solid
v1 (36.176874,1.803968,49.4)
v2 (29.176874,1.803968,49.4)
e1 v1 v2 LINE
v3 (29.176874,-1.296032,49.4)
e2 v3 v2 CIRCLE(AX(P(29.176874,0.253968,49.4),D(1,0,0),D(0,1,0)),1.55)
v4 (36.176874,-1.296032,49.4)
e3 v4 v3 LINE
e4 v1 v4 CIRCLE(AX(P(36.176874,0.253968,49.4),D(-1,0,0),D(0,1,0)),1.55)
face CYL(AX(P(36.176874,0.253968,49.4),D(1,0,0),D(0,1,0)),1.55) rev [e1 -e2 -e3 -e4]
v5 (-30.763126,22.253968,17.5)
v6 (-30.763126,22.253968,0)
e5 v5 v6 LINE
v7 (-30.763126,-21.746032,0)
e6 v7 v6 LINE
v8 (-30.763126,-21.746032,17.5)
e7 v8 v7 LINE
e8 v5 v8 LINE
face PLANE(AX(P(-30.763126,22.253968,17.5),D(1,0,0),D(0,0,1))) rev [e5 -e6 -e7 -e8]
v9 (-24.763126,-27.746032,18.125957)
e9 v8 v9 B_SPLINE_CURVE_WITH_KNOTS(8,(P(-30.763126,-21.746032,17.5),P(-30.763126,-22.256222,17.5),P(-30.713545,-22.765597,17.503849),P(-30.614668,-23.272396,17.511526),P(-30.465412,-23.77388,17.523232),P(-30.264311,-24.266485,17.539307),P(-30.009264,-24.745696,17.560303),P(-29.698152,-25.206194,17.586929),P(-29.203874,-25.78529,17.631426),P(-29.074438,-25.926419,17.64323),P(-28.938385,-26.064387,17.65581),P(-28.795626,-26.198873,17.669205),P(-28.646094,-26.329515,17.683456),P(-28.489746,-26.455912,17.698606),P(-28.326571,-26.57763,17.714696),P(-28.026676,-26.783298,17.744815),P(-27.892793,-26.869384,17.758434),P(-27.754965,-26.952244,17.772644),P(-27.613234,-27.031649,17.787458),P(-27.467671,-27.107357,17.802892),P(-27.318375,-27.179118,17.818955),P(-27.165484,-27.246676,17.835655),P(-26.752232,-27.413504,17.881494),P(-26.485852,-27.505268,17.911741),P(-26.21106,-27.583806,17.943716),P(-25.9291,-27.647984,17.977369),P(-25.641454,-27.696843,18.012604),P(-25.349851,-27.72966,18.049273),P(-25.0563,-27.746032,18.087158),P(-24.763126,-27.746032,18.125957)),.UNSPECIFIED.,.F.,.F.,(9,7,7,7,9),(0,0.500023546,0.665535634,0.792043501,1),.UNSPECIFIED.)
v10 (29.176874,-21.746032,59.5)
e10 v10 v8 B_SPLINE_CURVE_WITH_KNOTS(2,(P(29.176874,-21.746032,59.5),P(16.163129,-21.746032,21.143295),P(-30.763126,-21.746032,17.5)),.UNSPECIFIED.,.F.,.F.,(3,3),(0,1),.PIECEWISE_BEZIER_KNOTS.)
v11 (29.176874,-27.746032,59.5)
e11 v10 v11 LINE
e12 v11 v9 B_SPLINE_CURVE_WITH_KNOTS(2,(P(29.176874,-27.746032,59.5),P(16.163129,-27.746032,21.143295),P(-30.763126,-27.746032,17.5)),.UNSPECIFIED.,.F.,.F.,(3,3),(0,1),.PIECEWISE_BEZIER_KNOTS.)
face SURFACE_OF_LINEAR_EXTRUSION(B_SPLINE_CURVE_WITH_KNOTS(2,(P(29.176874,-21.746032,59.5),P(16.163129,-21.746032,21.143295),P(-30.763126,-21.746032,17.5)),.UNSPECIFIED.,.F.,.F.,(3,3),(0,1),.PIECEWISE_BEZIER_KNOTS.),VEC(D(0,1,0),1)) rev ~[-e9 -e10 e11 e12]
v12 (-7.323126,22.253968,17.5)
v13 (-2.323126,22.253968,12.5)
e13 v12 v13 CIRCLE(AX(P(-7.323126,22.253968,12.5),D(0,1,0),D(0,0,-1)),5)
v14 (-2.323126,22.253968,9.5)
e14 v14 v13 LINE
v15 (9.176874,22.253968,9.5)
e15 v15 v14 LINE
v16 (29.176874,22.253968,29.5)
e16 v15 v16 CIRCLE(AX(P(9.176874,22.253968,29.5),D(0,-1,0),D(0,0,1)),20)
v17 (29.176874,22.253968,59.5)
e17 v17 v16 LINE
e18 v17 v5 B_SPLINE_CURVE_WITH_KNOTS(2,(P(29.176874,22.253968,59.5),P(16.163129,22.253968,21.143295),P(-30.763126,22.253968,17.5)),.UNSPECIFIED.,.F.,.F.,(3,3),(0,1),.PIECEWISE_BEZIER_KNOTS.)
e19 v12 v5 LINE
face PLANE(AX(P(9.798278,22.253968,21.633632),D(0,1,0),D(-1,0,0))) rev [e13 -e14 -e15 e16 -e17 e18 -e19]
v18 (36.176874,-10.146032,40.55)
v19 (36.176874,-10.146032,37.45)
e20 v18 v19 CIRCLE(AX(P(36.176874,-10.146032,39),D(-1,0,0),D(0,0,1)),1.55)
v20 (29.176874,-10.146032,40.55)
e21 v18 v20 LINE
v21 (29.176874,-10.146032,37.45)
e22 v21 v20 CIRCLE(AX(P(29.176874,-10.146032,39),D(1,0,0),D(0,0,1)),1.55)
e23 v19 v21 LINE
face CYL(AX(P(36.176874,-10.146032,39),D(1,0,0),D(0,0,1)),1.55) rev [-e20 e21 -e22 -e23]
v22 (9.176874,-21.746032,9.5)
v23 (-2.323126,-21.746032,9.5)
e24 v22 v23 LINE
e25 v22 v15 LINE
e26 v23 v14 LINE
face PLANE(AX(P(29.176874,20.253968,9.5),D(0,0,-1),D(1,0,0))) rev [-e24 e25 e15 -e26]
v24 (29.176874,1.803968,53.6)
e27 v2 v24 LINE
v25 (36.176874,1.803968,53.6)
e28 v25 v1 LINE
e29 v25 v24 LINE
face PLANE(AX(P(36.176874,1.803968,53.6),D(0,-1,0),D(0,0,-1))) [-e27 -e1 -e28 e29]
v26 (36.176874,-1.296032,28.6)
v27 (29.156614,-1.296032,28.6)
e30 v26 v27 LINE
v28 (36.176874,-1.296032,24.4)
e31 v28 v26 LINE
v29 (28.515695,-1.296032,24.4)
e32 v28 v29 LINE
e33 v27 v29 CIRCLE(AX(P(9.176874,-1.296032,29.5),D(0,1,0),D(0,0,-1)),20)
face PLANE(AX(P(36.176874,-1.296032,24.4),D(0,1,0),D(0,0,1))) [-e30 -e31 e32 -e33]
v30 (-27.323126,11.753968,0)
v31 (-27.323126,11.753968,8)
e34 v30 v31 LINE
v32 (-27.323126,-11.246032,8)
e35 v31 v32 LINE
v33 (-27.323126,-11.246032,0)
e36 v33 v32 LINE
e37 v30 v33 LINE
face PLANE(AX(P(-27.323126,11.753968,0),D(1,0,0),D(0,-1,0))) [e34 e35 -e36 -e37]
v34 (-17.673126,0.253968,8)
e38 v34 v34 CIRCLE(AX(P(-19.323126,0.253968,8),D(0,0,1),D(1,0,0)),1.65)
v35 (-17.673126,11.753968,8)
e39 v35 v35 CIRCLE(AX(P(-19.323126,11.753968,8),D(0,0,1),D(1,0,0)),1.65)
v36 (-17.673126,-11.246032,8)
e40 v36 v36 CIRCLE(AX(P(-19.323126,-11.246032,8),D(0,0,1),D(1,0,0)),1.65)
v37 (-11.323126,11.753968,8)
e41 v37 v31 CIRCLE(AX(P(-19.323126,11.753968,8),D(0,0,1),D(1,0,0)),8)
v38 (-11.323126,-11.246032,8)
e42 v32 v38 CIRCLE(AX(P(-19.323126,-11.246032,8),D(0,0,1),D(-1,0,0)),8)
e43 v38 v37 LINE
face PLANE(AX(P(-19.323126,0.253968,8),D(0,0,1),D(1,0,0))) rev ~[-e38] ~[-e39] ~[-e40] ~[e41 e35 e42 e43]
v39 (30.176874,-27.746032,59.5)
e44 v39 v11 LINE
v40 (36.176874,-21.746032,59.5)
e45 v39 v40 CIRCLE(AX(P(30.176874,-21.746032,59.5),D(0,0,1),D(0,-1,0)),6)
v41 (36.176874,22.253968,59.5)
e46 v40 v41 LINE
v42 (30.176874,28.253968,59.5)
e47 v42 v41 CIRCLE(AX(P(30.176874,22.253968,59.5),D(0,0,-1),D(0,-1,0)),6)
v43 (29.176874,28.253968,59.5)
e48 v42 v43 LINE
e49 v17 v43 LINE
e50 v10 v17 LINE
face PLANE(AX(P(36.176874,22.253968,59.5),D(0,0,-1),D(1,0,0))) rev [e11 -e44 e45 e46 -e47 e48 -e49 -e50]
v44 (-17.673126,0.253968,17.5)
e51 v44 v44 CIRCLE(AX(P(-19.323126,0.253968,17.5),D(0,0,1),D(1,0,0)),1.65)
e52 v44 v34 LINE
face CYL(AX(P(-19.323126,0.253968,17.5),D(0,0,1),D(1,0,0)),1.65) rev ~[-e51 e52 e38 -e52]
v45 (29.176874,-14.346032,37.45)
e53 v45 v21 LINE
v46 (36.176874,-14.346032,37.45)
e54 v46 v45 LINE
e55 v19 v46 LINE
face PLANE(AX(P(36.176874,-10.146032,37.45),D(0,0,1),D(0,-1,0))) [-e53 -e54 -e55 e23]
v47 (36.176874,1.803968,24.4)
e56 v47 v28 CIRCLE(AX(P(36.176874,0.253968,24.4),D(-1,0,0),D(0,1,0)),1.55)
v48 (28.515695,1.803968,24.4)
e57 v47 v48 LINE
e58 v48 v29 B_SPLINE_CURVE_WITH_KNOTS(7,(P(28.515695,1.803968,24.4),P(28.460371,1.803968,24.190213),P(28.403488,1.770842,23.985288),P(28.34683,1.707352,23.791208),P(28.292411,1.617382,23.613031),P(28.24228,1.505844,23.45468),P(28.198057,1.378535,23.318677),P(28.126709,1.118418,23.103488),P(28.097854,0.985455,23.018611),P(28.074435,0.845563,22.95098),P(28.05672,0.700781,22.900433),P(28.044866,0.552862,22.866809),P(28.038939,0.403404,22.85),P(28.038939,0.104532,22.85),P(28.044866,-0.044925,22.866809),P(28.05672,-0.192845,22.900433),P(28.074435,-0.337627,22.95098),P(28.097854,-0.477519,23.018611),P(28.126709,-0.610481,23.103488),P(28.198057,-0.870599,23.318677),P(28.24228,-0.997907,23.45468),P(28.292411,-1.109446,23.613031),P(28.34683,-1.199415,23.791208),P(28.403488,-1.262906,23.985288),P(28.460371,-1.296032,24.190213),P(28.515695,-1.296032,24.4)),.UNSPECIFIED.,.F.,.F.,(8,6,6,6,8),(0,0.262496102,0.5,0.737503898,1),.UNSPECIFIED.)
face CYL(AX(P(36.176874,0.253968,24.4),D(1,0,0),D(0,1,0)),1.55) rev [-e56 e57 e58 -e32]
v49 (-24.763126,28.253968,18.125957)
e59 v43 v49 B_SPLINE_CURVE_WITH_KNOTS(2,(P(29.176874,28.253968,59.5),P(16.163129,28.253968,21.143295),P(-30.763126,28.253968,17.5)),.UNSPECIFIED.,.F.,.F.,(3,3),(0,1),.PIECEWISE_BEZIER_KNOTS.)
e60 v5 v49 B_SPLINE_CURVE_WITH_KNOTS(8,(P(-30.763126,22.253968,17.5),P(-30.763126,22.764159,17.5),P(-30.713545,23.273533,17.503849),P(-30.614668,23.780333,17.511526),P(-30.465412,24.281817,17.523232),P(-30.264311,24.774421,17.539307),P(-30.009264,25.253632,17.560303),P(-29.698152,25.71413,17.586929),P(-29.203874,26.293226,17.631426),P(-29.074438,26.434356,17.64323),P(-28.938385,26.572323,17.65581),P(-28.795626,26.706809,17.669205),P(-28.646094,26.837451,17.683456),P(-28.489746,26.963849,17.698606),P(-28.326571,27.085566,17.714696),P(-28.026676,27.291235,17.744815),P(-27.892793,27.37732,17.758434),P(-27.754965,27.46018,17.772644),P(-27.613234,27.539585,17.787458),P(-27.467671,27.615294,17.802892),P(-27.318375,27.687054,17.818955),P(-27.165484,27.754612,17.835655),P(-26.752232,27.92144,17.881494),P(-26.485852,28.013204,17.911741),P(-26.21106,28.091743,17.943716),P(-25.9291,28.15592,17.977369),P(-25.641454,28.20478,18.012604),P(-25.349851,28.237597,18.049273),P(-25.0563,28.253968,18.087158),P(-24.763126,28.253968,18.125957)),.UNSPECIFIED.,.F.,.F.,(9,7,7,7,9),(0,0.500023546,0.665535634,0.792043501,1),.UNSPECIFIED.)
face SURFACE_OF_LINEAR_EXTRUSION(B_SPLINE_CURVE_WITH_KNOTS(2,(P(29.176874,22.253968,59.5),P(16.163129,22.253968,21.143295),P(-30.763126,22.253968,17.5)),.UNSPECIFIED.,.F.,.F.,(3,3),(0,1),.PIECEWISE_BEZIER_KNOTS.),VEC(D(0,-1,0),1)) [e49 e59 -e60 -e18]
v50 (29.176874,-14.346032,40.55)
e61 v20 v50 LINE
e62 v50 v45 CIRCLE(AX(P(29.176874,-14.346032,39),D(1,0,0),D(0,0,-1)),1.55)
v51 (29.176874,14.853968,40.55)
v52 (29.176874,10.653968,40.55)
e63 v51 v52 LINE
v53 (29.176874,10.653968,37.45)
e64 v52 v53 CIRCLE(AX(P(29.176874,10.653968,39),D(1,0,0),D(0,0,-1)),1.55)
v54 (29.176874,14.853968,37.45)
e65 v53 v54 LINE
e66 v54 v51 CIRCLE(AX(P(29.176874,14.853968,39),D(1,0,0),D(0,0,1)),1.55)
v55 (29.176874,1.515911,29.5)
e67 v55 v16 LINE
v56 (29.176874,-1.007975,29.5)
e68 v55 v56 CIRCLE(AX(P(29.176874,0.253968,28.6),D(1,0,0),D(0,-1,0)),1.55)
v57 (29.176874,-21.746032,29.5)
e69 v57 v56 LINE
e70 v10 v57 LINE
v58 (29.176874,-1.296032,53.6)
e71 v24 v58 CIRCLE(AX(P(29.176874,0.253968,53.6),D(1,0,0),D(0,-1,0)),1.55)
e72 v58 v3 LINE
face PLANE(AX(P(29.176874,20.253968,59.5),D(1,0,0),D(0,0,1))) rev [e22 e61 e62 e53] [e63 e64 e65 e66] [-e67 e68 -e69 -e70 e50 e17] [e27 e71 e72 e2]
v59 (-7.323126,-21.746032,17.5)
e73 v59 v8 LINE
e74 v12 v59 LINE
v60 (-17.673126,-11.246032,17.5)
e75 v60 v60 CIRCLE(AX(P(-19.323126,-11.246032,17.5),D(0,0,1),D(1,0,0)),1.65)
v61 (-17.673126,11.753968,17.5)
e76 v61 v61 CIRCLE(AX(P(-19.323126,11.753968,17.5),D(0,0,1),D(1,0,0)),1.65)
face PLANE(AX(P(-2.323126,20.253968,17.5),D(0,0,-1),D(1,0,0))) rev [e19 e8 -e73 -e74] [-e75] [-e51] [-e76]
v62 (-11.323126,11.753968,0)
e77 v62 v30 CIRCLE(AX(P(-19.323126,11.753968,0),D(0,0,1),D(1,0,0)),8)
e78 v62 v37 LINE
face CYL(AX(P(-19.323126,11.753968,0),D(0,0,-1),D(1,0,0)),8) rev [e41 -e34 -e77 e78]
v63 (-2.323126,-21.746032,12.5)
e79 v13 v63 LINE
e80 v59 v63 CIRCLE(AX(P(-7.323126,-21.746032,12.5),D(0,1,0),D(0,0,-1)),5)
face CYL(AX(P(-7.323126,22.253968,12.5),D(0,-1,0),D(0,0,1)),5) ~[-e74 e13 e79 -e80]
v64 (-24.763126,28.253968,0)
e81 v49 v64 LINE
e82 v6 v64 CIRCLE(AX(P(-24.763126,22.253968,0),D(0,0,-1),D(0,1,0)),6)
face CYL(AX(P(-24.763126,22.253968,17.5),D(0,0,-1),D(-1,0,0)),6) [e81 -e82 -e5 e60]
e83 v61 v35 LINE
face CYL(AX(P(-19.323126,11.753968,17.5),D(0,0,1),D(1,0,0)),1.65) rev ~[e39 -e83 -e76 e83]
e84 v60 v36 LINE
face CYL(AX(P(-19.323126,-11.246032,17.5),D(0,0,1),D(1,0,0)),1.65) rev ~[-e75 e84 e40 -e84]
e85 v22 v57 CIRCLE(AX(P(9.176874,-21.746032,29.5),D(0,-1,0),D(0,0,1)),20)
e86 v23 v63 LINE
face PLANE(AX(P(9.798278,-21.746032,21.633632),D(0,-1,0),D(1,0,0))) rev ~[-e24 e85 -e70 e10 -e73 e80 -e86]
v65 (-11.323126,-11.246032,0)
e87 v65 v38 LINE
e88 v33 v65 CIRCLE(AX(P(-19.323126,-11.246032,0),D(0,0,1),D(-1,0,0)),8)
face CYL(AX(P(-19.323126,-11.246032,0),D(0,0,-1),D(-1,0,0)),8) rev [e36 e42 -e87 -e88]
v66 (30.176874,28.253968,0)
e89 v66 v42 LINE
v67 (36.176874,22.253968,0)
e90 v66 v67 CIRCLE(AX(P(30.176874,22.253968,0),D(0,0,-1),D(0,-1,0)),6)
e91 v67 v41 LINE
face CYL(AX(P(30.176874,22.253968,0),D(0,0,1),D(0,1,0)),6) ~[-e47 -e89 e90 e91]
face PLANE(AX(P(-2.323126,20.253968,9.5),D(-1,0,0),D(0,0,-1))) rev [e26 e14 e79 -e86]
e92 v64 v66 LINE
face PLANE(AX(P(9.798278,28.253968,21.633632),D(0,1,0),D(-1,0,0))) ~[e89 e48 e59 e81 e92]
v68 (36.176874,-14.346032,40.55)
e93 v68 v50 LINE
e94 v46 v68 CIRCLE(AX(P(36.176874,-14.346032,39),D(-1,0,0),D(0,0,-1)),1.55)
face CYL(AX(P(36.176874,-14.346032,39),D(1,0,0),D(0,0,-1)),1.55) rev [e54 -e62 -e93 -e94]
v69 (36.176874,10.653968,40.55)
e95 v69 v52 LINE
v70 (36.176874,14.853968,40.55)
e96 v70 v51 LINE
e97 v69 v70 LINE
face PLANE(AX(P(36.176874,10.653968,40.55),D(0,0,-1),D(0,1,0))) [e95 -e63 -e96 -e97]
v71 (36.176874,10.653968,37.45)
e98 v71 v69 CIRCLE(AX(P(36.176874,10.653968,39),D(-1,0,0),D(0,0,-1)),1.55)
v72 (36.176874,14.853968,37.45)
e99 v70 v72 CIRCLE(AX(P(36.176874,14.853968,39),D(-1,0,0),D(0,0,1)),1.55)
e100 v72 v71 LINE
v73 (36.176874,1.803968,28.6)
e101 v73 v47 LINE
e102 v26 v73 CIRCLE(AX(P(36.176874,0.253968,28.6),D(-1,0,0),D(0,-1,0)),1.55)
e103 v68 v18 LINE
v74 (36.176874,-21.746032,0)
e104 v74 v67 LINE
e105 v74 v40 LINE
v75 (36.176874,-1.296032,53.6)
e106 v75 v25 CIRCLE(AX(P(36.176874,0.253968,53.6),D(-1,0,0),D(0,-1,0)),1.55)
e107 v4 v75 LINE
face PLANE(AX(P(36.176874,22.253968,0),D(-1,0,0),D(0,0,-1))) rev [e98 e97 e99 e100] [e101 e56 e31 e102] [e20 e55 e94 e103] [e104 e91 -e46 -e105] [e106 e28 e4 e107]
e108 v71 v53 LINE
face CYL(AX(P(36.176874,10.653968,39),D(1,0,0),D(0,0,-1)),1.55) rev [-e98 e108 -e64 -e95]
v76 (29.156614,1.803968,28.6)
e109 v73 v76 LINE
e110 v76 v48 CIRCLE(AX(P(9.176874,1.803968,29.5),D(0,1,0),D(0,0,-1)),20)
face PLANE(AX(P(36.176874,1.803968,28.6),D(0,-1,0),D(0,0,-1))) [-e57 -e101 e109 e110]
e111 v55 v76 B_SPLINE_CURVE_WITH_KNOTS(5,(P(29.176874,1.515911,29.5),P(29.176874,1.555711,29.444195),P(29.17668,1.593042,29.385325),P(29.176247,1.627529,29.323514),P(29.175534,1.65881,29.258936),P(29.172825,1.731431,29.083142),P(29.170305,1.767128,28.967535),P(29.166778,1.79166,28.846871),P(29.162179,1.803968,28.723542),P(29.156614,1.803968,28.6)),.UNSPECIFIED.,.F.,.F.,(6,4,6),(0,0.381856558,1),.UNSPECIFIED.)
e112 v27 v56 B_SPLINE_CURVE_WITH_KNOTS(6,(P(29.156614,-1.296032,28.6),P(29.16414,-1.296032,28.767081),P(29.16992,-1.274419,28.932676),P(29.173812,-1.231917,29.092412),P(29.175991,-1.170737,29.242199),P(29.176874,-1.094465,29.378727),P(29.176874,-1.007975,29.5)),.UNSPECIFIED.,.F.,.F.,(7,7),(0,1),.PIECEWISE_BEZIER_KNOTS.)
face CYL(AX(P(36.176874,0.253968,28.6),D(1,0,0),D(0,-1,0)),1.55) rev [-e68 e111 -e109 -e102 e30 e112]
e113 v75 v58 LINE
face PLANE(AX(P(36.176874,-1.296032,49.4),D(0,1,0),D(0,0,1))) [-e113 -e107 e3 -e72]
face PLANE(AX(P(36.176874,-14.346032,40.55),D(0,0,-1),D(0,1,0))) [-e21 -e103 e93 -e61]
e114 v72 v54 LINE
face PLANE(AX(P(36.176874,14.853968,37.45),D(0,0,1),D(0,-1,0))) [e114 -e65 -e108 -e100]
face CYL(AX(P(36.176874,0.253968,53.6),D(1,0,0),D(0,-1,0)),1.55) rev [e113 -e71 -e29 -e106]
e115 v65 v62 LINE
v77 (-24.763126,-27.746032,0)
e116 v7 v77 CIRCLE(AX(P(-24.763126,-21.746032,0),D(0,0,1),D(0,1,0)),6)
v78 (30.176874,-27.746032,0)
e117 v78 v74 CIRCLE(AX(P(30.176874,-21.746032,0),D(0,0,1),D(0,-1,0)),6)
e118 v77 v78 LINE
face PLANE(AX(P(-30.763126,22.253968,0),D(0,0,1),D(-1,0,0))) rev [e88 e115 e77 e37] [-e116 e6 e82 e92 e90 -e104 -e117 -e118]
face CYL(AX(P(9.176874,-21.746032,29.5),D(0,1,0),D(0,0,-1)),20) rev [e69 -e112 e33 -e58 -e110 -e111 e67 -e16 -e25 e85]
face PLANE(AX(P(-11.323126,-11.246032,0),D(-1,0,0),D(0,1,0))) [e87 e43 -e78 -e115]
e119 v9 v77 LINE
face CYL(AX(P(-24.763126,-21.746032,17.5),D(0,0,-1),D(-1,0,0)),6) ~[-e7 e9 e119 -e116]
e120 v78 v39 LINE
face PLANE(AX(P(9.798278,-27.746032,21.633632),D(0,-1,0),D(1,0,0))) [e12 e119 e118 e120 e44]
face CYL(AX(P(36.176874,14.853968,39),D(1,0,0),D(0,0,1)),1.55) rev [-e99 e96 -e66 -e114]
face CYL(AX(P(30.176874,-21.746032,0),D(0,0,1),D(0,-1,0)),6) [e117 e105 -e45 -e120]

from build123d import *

# Parameters (mm, degrees)
ESBO_O1_W                = 66.94
ESBO_O1_H                = 40
RESSALTO_EXTRUS_O1_DEPTH = 9.5
ESBO_O2_W                = 7
ESBO_O2_H                = 40
RESSALTO_EXTRUS_O2_DEPTH = 50
ESBO_O3_W                = 28.44
ESBO_O3_H                = 40
RESSALTO_EXTRUS_O3_DEPTH = 8
RESSALTO_EXTRUS_O4_DEPTH = 2
RESSALTO_EXTRUS_O5_DEPTH = 6
FILETE1_R                = 5
FILETE2_R                = 20
ESBO_O6_R                = 1.65
CORTE_EXTRUS_O1_DEPTH    = 63.217786628
CORTE_EXTRUS_O2_DEPTH    = 8
FILETE4_R                = 6
CORTE_EXTRUS_O3_DEPTH    = 94.912194911


with BuildPart() as part:
    # Esboço1 → Ressalto-extrusão1 (new body)
    with BuildSketch(Plane.XY):
        with Locations((2.706874237, 0.253968254)):
            Rectangle(ESBO_O1_W, ESBO_O1_H)
    extrude(amount=RESSALTO_EXTRUS_O1_DEPTH)

    # Esboço2 → Ressalto-extrusão2 (add)
    with BuildSketch(Plane.XY.offset(9.5)):
        with Locations((32.676874237, 0.253968254)):
            Rectangle(ESBO_O2_W, ESBO_O2_H)
    extrude(amount=RESSALTO_EXTRUS_O2_DEPTH)

    # Esboço3 → Ressalto-extrusão3 (add)
    with BuildSketch(Plane.XY.offset(9.5)):
        with Locations((-16.543125763, 0.253968254)):
            Rectangle(ESBO_O3_W, ESBO_O3_H)
    extrude(amount=RESSALTO_EXTRUS_O3_DEPTH)

    # Esboço4 → Ressalto-extrusão4 (add)
    with BuildSketch(Plane.XZ.offset(19.746031746)):
        Polygon((-2.323125763, 9.5), (-2.323125763, 17.5), (-30.763125763, 17.5), (-30.763125763, 0), (36.176874237, 0), (36.176874237, 59.5), (29.176874237, 59.5), (29.176874237, 9.5), align=None)
    ressalto_extrus_o4 = extrude(amount=RESSALTO_EXTRUS_O4_DEPTH)

    # Espelhar1: Ressalto-extrusão4 across plane
    add(ressalto_extrus_o4.mirror(Plane.ZX.offset(0.253968254)))

    # Esboço5 → Ressalto-extrusão5 (add)
    with BuildSketch(Plane.XZ.offset(21.746031746)):
        with BuildLine():
            Line((36.176874237, 59.5), (29.176874237, 59.5))
            add(Edge.make_bspline(
                [(29.176874237, 59.5), (16.163128622, 21.143295095), (-30.763125763, 17.5)],
                knots=[0, 0, 0, 1, 1, 1], degree=2))
            Line((-30.763125763, 17.5), (-30.763125763, 0))
            Line((-30.763125763, 0), (36.176874237, 0))
            Line((36.176874237, 0), (36.176874237, 59.5))
        make_face()
    ressalto_extrus_o5 = extrude(amount=RESSALTO_EXTRUS_O5_DEPTH)

    # Espelhar2: Ressalto-extrusão5 across plane
    add(ressalto_extrus_o5.mirror(Plane.ZX.offset(0.253968254)))

    # Filete1
    filete1_edges = [part.edges().sort_by_distance(p)[0] for p in [
        (-2.323125763, 0.253968254, 17.5),
    ]]
    fillet(filete1_edges, radius=FILETE1_R)

    # Filete2
    filete2_edges = [part.edges().sort_by_distance(p)[0] for p in [
        (29.176874237, 0.253968254, 9.5),
    ]]
    fillet(filete2_edges, radius=FILETE2_R)

    # Esboço6 → Corte-extrusão1 (cut, through all)
    with BuildSketch(Plane.XY.offset(17.5)):
        with Locations((-19.323125763, 11.753968254)):
            Circle(ESBO_O6_R)
        with Locations((-19.323125763, 0.253968254)):
            Circle(ESBO_O6_R)
        with Locations((-19.323125763, -11.246031746)):
            Circle(ESBO_O6_R)
    extrude(amount=-CORTE_EXTRUS_O1_DEPTH, mode=Mode.SUBTRACT)

    # Esboço7 → Corte-extrusão2 (cut)
    with BuildSketch(Plane(origin=(0, 0, 0), x_dir=(-1, 0, 0), z_dir=(0, 0, -1))):
        with BuildLine():
            Line((27.323125763, 11.753968254), (27.323125763, -11.246031746))
            ThreePointArc((27.323125763, -11.246031746), (19.323125763, -19.246031746), (11.323125763, -11.246031746))
            Line((11.323125763, -11.246031746), (11.323125763, 11.753968254))
            ThreePointArc((11.323125763, 11.753968254), (19.323125763, 19.753968254), (27.323125763, 11.753968254))
        make_face()
    extrude(amount=-CORTE_EXTRUS_O2_DEPTH, mode=Mode.SUBTRACT)

    # Filete4
    filete4_edges = [part.edges().sort_by_distance(p)[0] for p in [
        (36.176874237, 28.253968254, 29.75),
        (-30.763125763, 28.253968254, 8.75),
        (-30.763125763, -27.746031746, 8.75),
        (36.176874237, -27.746031746, 29.75),
    ]]
    fillet(filete4_edges, radius=FILETE4_R)

    # Esboço8 → Corte-extrusão3 (cut, through all)
    with BuildSketch(Plane(origin=(36.176874237, 0, 0), x_dir=(0, 0, -1), z_dir=(1, 0, 0))):
        with BuildLine():
            Line((-53.6, 1.803968254), (-49.4, 1.803968254))
            ThreePointArc((-49.4, 1.803968254), (-47.85, 0.253968254), (-49.4, -1.296031746))
            Line((-49.4, -1.296031746), (-53.6, -1.296031746))
            ThreePointArc((-53.6, -1.296031746), (-55.15, 0.253968254), (-53.6, 1.803968254))
        make_face()
        with BuildLine():
            Line((-40.55, -14.346031746), (-40.55, -10.146031746))
            ThreePointArc((-40.55, -10.146031746), (-39, -8.596031746), (-37.45, -10.146031746))
            Line((-37.45, -10.146031746), (-37.45, -14.346031746))
            ThreePointArc((-37.45, -14.346031746), (-39, -15.896031746), (-40.55, -14.346031746))
        make_face()
        with BuildLine():
            Line((-24.4, -1.296031746), (-28.6, -1.296031746))
            ThreePointArc((-28.6, -1.296031746), (-30.15, 0.253968254), (-28.6, 1.803968254))
            Line((-28.6, 1.803968254), (-24.4, 1.803968254))
            ThreePointArc((-24.4, 1.803968254), (-22.85, 0.253968254), (-24.4, -1.296031746))
        make_face()
        with BuildLine():
            Line((-37.45, 14.853968254), (-37.45, 10.653968254))
            ThreePointArc((-37.45, 10.653968254), (-39, 9.103968254), (-40.55, 10.653968254))
            Line((-40.55, 10.653968254), (-40.55, 14.853968254))
            ThreePointArc((-40.55, 14.853968254), (-39, 16.403968254), (-37.45, 14.853968254))
        make_face()
    extrude(amount=-CORTE_EXTRUS_O3_DEPTH, mode=Mode.SUBTRACT)


solid = part.part
